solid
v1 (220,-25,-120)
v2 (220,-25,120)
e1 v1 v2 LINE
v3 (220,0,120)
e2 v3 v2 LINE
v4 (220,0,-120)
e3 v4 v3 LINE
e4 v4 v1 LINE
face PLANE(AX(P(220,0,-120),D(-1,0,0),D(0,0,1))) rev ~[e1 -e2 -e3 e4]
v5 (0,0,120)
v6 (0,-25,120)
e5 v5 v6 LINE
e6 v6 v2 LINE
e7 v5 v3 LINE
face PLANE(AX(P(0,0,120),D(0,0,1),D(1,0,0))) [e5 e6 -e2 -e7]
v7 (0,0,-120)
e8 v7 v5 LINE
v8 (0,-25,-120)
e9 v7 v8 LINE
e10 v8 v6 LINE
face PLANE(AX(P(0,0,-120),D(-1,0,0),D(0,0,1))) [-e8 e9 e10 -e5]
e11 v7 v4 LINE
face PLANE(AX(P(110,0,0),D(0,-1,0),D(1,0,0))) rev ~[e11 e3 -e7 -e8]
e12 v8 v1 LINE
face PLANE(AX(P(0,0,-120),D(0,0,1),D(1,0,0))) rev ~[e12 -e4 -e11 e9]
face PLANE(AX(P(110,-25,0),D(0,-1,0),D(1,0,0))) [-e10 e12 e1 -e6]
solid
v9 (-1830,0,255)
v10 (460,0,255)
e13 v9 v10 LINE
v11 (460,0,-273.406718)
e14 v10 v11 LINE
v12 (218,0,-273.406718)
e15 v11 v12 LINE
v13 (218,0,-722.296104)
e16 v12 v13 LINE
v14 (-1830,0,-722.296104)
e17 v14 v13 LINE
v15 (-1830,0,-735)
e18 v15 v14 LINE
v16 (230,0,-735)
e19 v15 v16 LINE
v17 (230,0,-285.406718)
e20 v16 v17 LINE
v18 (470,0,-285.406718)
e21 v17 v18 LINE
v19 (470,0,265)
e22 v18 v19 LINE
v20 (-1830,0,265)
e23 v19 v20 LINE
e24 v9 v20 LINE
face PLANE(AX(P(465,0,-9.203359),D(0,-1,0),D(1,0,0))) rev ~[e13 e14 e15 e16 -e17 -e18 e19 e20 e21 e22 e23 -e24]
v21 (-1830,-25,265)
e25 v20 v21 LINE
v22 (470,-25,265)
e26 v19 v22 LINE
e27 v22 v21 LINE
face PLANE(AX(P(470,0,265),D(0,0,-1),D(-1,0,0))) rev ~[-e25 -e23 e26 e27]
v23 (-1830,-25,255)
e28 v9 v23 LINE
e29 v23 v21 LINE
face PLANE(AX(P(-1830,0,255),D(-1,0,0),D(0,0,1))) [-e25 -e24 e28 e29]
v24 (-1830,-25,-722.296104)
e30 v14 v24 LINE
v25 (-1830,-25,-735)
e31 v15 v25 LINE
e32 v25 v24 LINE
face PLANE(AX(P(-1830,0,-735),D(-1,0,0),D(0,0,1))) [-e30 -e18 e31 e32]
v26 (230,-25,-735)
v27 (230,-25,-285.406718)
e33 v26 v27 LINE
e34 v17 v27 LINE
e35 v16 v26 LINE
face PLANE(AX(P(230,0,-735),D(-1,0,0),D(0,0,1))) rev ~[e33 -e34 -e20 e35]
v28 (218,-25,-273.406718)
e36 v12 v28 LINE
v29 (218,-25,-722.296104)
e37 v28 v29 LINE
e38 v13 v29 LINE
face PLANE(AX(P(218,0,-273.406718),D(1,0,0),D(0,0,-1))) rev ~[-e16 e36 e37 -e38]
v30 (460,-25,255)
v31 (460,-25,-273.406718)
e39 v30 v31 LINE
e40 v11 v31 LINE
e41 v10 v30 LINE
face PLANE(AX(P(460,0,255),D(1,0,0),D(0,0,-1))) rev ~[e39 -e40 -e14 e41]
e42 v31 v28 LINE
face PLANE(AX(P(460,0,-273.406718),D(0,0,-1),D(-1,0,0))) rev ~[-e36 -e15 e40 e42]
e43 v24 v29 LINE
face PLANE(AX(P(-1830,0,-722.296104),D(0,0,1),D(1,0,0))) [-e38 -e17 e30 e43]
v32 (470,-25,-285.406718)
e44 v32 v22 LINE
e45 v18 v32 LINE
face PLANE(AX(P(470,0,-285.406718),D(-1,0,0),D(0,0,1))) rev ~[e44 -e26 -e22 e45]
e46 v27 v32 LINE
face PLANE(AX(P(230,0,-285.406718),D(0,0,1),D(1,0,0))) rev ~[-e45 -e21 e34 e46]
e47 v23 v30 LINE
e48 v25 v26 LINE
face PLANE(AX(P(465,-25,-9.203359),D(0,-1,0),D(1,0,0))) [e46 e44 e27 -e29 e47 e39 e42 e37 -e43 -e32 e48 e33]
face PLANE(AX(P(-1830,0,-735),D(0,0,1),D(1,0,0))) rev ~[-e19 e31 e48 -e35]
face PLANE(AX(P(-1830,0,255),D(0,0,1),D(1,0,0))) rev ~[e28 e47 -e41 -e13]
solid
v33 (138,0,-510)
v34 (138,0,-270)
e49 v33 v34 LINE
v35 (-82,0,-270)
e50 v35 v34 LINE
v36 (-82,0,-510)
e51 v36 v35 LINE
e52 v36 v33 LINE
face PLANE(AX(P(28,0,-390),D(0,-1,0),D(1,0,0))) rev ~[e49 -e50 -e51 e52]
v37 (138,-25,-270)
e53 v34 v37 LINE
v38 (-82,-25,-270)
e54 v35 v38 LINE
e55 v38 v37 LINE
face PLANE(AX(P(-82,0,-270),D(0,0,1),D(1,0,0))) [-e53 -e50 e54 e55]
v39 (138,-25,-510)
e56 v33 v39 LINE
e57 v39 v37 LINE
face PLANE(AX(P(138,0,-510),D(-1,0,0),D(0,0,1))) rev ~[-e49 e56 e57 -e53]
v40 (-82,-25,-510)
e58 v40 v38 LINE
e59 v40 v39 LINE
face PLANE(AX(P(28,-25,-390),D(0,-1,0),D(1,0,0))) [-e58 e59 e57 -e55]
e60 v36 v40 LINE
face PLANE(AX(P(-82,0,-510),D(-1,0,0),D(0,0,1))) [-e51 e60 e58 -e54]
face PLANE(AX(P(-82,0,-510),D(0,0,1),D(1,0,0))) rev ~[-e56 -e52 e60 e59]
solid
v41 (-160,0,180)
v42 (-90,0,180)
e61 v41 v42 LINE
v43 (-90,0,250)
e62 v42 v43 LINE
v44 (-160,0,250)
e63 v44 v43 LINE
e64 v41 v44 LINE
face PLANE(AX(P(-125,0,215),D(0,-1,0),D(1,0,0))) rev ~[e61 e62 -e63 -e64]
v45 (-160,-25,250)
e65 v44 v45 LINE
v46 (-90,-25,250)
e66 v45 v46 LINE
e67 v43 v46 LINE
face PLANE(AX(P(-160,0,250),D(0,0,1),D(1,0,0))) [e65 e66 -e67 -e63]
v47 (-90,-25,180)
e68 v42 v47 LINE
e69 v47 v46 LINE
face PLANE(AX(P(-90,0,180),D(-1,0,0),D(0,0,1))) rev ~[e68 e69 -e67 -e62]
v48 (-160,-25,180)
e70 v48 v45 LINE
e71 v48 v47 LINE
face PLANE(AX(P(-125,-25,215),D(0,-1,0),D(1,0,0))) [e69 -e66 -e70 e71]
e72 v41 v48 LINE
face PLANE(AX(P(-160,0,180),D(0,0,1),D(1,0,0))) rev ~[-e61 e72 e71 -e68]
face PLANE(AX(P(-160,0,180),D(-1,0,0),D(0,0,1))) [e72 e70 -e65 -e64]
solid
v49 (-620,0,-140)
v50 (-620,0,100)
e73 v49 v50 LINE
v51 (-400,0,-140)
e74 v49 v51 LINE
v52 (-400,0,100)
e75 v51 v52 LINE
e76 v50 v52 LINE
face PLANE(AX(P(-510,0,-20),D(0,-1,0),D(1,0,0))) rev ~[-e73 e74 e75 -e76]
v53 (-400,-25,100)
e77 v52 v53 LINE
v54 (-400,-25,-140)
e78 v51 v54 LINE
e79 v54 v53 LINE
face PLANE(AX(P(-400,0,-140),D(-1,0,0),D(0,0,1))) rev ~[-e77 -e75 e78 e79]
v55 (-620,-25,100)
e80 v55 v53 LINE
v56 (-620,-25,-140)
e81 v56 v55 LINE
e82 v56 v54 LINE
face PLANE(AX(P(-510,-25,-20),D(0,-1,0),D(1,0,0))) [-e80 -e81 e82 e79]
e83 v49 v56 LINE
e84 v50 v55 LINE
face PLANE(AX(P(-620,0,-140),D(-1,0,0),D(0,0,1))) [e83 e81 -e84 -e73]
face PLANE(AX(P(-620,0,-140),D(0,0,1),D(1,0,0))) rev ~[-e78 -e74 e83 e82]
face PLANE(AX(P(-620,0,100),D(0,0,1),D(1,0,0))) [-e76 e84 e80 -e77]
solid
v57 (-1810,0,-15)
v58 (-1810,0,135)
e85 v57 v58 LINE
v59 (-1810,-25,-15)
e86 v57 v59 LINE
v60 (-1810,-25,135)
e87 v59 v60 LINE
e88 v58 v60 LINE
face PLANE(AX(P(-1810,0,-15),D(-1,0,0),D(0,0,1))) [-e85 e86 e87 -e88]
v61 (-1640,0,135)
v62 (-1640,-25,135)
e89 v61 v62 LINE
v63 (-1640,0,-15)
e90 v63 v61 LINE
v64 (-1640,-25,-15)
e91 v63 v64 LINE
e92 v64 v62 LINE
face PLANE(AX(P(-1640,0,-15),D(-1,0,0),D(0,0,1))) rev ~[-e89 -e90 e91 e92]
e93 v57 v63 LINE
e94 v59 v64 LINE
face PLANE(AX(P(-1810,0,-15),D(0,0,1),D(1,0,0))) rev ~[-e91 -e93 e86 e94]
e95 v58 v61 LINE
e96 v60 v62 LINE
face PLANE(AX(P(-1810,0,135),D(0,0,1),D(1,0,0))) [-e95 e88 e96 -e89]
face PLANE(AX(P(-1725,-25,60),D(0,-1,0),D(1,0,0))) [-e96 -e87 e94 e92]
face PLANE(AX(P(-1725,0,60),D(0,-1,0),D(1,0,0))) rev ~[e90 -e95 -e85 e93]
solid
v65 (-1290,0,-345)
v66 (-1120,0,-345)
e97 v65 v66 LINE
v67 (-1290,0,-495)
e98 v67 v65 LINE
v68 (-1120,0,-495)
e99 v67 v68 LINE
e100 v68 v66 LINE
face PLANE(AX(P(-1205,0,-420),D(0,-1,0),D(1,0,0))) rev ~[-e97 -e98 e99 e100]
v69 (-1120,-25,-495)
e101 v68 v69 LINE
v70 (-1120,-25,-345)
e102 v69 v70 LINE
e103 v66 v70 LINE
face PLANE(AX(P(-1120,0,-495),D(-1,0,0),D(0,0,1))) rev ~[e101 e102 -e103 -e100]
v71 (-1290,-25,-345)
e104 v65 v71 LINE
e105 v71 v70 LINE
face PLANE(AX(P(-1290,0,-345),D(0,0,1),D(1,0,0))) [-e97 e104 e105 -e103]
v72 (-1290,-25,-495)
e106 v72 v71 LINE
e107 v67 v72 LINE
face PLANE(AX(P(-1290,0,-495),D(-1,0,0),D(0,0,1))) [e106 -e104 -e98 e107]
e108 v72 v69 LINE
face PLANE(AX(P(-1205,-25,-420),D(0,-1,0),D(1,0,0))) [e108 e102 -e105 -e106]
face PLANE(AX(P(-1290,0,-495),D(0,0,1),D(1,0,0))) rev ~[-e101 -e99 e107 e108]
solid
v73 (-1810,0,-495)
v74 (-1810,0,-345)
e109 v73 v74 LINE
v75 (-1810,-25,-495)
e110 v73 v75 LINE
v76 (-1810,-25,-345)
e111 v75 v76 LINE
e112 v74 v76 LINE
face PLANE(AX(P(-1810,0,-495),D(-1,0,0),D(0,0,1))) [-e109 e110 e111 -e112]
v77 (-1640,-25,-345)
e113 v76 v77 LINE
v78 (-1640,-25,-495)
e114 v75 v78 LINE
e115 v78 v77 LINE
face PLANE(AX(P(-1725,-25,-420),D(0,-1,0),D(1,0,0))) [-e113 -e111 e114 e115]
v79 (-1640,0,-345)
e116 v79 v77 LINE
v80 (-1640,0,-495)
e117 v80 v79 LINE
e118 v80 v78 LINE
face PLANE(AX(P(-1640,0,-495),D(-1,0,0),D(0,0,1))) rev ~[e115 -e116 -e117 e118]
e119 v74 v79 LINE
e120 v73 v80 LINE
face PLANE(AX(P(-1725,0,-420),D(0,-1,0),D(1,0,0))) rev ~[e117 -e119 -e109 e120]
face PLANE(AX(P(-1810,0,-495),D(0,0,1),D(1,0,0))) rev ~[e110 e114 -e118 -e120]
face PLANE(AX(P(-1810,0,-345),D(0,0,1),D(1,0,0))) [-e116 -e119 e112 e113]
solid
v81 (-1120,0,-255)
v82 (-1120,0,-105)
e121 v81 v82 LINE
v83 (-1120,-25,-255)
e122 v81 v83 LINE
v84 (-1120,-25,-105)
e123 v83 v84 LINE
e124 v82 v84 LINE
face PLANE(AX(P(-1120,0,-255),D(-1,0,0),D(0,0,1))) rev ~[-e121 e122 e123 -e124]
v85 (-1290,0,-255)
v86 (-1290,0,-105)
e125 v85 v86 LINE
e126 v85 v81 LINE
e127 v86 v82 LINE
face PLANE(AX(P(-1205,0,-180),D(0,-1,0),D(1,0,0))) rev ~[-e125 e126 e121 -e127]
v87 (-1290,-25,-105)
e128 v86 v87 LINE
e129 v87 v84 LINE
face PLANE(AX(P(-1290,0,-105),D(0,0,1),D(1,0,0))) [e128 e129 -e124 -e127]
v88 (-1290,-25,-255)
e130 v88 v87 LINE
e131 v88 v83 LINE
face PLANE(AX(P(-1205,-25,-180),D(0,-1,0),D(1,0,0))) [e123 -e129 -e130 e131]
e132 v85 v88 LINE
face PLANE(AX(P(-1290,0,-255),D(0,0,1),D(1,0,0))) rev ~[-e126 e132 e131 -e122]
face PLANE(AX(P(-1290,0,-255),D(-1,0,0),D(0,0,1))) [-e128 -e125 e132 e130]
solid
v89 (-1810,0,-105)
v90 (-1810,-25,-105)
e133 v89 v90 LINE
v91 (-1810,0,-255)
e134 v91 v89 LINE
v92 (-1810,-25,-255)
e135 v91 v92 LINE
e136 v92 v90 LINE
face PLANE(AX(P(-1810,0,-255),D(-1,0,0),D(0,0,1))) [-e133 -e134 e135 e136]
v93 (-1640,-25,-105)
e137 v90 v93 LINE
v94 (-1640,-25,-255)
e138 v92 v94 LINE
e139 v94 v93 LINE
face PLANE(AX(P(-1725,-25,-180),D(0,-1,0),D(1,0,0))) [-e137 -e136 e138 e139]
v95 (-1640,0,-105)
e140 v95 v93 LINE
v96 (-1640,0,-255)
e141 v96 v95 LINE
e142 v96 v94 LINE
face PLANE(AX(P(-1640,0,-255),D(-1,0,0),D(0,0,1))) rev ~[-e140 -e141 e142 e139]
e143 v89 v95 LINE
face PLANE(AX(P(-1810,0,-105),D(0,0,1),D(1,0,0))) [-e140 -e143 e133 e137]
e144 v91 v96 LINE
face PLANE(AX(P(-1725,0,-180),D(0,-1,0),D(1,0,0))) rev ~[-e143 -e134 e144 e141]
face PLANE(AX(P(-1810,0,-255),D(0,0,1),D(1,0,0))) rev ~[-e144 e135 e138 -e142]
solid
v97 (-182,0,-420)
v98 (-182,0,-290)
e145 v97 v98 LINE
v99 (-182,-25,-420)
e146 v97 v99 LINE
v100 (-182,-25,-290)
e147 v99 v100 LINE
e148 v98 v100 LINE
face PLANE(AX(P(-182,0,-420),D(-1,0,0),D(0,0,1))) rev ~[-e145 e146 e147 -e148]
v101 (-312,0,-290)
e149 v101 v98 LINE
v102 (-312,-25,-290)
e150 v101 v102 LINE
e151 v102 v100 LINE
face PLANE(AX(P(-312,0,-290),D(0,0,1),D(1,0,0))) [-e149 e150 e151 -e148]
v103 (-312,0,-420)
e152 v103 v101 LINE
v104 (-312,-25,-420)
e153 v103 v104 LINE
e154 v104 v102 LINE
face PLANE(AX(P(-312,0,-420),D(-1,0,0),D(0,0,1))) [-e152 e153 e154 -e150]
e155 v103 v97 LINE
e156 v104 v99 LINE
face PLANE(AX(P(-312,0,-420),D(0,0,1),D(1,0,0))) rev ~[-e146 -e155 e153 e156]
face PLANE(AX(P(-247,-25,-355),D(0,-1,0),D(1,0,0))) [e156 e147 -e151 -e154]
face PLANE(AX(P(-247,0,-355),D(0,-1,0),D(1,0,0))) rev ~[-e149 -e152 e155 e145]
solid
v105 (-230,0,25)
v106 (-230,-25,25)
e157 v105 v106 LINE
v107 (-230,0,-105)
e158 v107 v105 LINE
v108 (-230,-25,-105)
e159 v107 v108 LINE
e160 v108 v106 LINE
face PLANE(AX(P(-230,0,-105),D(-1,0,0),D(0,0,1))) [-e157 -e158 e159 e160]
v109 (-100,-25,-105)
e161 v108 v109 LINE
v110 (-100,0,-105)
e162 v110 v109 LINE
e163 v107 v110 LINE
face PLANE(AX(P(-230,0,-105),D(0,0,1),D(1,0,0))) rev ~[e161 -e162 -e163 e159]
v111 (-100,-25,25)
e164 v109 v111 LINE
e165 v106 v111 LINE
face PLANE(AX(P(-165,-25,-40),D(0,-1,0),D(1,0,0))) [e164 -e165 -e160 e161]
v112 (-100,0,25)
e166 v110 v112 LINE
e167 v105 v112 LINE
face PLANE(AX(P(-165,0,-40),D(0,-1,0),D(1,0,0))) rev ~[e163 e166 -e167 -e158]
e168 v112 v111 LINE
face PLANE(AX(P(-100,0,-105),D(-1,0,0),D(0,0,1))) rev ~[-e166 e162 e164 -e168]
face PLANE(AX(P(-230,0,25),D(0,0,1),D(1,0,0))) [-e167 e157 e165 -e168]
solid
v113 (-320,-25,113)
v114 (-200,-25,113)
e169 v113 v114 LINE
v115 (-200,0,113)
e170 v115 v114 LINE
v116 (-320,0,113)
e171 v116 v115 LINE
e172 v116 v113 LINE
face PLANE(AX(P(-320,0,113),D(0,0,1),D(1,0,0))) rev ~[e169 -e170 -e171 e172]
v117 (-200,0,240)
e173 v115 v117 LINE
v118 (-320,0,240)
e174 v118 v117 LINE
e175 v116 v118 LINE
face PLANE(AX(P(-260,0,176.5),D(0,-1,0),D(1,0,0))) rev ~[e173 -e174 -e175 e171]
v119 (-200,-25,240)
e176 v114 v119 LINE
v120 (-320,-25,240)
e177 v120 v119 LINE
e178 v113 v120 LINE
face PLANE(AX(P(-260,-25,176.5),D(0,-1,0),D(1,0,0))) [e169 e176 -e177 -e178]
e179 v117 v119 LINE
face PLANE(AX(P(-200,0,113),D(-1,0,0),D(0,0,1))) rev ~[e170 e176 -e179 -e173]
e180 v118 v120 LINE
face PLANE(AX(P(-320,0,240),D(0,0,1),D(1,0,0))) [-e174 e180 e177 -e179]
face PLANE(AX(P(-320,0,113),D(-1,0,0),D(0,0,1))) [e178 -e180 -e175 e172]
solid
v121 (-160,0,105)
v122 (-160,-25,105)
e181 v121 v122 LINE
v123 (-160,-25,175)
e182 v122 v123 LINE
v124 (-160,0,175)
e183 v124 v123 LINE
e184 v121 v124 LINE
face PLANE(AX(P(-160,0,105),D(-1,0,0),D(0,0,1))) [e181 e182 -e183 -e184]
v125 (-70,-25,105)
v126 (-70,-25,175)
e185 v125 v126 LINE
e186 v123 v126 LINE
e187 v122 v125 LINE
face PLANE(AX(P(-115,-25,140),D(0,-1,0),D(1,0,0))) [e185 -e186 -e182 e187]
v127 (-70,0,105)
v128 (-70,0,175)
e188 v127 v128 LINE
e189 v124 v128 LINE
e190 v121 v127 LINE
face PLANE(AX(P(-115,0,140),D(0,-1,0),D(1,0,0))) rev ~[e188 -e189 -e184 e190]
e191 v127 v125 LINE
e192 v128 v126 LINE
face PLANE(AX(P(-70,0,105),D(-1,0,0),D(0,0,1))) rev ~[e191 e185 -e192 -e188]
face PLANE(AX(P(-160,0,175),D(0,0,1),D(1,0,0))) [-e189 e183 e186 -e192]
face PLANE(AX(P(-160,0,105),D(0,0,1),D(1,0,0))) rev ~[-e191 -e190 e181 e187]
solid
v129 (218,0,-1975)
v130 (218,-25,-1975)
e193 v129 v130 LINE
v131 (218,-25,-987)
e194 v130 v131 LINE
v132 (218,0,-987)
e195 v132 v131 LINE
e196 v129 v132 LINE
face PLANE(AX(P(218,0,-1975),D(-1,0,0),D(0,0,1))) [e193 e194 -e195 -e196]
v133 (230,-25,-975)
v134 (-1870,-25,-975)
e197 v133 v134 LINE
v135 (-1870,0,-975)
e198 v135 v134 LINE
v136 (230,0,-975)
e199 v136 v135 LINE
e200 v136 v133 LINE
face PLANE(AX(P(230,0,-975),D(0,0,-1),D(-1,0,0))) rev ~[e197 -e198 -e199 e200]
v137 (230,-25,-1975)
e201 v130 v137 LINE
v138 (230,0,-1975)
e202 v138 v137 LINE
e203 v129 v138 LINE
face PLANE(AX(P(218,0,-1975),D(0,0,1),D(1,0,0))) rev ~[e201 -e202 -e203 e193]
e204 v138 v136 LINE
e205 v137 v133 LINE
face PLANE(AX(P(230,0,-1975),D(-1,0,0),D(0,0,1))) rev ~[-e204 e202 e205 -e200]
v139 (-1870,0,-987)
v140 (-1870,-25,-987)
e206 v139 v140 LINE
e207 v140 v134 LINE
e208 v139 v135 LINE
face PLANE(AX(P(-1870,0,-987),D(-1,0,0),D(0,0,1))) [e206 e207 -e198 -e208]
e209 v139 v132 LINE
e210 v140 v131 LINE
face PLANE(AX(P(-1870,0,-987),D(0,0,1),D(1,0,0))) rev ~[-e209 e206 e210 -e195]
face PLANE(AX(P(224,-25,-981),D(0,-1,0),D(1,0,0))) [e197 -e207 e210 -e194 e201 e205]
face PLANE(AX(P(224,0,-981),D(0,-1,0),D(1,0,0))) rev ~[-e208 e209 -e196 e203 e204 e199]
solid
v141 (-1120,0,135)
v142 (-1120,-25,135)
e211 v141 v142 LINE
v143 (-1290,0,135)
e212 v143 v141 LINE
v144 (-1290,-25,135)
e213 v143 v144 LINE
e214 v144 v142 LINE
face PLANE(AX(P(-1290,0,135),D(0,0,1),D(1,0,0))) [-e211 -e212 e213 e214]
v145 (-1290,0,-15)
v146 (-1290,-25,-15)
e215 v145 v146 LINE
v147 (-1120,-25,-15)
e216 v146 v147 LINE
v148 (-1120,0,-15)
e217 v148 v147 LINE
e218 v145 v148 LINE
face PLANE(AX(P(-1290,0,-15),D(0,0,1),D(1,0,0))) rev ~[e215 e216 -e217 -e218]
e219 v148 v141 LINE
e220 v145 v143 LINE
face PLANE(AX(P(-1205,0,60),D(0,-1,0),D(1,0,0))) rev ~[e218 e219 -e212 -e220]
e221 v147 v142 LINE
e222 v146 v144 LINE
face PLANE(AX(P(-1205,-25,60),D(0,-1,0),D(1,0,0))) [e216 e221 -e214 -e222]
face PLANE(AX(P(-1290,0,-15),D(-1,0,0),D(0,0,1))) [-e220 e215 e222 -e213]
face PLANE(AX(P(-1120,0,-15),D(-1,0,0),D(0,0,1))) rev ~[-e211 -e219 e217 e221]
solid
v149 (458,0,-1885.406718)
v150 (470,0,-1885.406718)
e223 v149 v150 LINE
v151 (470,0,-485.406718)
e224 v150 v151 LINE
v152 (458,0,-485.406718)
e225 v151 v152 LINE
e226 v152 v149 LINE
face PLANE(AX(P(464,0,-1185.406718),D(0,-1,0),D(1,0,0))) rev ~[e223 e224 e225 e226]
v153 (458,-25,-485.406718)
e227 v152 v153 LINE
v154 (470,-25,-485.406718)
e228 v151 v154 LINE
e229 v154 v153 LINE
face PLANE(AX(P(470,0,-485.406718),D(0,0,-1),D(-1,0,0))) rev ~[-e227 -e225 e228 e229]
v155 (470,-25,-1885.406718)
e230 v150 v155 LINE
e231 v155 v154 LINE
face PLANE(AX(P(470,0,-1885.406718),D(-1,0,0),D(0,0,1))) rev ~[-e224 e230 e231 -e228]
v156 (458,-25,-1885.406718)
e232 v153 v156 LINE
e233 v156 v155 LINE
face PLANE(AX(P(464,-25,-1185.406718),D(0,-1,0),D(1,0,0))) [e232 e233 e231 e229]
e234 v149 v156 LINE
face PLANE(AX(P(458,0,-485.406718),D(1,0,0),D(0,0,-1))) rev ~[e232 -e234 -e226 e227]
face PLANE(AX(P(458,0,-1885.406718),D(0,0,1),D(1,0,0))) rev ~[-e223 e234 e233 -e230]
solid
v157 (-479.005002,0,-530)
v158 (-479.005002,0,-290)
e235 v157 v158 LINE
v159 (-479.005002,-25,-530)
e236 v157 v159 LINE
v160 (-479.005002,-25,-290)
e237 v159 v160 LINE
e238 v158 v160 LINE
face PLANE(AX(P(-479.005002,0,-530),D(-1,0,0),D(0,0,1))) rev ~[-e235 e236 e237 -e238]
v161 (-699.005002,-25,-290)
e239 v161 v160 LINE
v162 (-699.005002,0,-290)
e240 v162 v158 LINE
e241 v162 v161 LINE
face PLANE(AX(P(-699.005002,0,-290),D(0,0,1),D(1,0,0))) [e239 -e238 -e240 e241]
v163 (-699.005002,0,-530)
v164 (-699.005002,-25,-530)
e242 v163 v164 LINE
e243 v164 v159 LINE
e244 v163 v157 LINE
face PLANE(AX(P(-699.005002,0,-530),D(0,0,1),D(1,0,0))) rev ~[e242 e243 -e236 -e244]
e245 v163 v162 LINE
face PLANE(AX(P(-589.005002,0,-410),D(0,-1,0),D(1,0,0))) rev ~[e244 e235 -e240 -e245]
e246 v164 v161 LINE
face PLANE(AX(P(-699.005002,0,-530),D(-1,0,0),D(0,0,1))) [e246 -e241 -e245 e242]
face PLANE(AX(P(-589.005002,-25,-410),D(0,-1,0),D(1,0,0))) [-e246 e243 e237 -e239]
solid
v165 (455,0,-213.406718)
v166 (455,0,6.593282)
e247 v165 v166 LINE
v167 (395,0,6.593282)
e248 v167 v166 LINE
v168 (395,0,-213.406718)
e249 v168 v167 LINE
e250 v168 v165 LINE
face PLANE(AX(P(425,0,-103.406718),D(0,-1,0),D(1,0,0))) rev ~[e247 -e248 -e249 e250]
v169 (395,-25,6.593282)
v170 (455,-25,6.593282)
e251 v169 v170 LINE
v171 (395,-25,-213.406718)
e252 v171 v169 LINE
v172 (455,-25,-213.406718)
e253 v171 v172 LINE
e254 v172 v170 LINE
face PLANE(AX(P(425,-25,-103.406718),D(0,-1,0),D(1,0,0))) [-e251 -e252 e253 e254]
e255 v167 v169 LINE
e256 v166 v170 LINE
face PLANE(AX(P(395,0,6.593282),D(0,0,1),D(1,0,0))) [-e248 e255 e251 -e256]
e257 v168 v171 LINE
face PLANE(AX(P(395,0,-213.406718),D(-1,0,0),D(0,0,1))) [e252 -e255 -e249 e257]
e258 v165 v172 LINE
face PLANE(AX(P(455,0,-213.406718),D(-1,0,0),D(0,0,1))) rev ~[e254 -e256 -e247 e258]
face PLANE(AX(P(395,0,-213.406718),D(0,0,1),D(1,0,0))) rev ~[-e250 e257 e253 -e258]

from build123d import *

# Parameters (mm, degrees)
F0_W     = 220
F0_H     = 240
F0_W_2   = 10
F0_H_2   = 528.406718
F0_H_3   = 10
F0_W_3   = 2290
F0_H_4   = 12
F0_W_4   = 230
F0_W_5   = 12
F0_H_5   = 436.889386
F0_H_6   = 12.703896
F0_W_6   = 2048
F0_W_7   = 130
F0_H_7   = 130
F0_W_8   = 120
F0_H_8   = 127
F0_W_9   = 90
F0_H_9   = 70
F0_W_10  = 70
F0_W_11  = 60
F0_H_10  = 220
F0_W_12  = 170
F0_H_11  = 150
F0_W_13  = 2088
F0_H_12  = 988
F1_DEPTH = 25


with BuildPart() as f1:
    # F0 (on Front) → F1 (new body)
    with BuildSketch(Plane.XZ):
        with Locations((110, 0)):
            Rectangle(F0_W, F0_H)
        with Locations((465, -9.203359)):
            Rectangle(F0_W_2, F0_H_2)
        with Locations((465, 260)):
            Rectangle(F0_W_2, F0_H_3)
        Polygon((470, -635), (470, -485.406718), (458, -485.406718), (458, -1885.406718), (470, -1885.406718), (470, -735), (470, -722.296104), align=None)
        with Locations((-685, 260)):
            Rectangle(F0_W_3, F0_H_3)
        with Locations((465, -279.406718)):
            Rectangle(F0_W_2, F0_H_4)
        with Locations((345, -279.406718)):
            Rectangle(F0_W_4, F0_H_4)
        with Locations((224, -279.406718)):
            Rectangle(F0_W_5, F0_H_4)
        with Locations((224, -503.851411)):
            Rectangle(F0_W_5, F0_H_5)
        with Locations((224, -728.648052)):
            Rectangle(F0_W_5, F0_H_6)
        with Locations((-806, -728.648052)):
            Rectangle(F0_W_6, F0_H_6)
        with Locations((-165, -40)):
            Rectangle(F0_W_7, F0_H_7)
        with Locations((-260, 176.5)):
            Rectangle(F0_W_8, F0_H_8)
        with Locations((-115, 140)):
            Rectangle(F0_W_9, F0_H_9)
        with Locations((-125, 215)):
            Rectangle(F0_W_10, F0_H_9)
        with Locations((425, -103.406718)):
            Rectangle(F0_W_11, F0_H_10)
        with Locations((-510, -20)):
            Rectangle(F0_W, F0_H)
        with Locations((-1205, 60)):
            Rectangle(F0_W_12, F0_H_11)
        with Locations((-1205, -180)):
            Rectangle(F0_W_12, F0_H_11)
        with Locations((224, -981)):
            Rectangle(F0_W_5, F0_H_4)
        with Locations((-826, -981)):
            Rectangle(F0_W_13, F0_H_4)
        with Locations((224, -1481)):
            Rectangle(F0_W_5, F0_H_12)
        with Locations((-1725, 60)):
            Rectangle(F0_W_12, F0_H_11)
        with Locations((-1725, -180)):
            Rectangle(F0_W_12, F0_H_11)
        with Locations((28, -390)):
            Rectangle(F0_W, F0_H)
        with Locations((-247, -355)):
            Rectangle(F0_W_7, F0_H_7)
        with Locations((-589.005002, -410)):
            Rectangle(F0_W, F0_H)
        with Locations((-1205, -420)):
            Rectangle(F0_W_12, F0_H_11)
        with Locations((-1725, -420)):
            Rectangle(F0_W_12, F0_H_11)
    extrude(amount=F1_DEPTH)


solid = f1.part
